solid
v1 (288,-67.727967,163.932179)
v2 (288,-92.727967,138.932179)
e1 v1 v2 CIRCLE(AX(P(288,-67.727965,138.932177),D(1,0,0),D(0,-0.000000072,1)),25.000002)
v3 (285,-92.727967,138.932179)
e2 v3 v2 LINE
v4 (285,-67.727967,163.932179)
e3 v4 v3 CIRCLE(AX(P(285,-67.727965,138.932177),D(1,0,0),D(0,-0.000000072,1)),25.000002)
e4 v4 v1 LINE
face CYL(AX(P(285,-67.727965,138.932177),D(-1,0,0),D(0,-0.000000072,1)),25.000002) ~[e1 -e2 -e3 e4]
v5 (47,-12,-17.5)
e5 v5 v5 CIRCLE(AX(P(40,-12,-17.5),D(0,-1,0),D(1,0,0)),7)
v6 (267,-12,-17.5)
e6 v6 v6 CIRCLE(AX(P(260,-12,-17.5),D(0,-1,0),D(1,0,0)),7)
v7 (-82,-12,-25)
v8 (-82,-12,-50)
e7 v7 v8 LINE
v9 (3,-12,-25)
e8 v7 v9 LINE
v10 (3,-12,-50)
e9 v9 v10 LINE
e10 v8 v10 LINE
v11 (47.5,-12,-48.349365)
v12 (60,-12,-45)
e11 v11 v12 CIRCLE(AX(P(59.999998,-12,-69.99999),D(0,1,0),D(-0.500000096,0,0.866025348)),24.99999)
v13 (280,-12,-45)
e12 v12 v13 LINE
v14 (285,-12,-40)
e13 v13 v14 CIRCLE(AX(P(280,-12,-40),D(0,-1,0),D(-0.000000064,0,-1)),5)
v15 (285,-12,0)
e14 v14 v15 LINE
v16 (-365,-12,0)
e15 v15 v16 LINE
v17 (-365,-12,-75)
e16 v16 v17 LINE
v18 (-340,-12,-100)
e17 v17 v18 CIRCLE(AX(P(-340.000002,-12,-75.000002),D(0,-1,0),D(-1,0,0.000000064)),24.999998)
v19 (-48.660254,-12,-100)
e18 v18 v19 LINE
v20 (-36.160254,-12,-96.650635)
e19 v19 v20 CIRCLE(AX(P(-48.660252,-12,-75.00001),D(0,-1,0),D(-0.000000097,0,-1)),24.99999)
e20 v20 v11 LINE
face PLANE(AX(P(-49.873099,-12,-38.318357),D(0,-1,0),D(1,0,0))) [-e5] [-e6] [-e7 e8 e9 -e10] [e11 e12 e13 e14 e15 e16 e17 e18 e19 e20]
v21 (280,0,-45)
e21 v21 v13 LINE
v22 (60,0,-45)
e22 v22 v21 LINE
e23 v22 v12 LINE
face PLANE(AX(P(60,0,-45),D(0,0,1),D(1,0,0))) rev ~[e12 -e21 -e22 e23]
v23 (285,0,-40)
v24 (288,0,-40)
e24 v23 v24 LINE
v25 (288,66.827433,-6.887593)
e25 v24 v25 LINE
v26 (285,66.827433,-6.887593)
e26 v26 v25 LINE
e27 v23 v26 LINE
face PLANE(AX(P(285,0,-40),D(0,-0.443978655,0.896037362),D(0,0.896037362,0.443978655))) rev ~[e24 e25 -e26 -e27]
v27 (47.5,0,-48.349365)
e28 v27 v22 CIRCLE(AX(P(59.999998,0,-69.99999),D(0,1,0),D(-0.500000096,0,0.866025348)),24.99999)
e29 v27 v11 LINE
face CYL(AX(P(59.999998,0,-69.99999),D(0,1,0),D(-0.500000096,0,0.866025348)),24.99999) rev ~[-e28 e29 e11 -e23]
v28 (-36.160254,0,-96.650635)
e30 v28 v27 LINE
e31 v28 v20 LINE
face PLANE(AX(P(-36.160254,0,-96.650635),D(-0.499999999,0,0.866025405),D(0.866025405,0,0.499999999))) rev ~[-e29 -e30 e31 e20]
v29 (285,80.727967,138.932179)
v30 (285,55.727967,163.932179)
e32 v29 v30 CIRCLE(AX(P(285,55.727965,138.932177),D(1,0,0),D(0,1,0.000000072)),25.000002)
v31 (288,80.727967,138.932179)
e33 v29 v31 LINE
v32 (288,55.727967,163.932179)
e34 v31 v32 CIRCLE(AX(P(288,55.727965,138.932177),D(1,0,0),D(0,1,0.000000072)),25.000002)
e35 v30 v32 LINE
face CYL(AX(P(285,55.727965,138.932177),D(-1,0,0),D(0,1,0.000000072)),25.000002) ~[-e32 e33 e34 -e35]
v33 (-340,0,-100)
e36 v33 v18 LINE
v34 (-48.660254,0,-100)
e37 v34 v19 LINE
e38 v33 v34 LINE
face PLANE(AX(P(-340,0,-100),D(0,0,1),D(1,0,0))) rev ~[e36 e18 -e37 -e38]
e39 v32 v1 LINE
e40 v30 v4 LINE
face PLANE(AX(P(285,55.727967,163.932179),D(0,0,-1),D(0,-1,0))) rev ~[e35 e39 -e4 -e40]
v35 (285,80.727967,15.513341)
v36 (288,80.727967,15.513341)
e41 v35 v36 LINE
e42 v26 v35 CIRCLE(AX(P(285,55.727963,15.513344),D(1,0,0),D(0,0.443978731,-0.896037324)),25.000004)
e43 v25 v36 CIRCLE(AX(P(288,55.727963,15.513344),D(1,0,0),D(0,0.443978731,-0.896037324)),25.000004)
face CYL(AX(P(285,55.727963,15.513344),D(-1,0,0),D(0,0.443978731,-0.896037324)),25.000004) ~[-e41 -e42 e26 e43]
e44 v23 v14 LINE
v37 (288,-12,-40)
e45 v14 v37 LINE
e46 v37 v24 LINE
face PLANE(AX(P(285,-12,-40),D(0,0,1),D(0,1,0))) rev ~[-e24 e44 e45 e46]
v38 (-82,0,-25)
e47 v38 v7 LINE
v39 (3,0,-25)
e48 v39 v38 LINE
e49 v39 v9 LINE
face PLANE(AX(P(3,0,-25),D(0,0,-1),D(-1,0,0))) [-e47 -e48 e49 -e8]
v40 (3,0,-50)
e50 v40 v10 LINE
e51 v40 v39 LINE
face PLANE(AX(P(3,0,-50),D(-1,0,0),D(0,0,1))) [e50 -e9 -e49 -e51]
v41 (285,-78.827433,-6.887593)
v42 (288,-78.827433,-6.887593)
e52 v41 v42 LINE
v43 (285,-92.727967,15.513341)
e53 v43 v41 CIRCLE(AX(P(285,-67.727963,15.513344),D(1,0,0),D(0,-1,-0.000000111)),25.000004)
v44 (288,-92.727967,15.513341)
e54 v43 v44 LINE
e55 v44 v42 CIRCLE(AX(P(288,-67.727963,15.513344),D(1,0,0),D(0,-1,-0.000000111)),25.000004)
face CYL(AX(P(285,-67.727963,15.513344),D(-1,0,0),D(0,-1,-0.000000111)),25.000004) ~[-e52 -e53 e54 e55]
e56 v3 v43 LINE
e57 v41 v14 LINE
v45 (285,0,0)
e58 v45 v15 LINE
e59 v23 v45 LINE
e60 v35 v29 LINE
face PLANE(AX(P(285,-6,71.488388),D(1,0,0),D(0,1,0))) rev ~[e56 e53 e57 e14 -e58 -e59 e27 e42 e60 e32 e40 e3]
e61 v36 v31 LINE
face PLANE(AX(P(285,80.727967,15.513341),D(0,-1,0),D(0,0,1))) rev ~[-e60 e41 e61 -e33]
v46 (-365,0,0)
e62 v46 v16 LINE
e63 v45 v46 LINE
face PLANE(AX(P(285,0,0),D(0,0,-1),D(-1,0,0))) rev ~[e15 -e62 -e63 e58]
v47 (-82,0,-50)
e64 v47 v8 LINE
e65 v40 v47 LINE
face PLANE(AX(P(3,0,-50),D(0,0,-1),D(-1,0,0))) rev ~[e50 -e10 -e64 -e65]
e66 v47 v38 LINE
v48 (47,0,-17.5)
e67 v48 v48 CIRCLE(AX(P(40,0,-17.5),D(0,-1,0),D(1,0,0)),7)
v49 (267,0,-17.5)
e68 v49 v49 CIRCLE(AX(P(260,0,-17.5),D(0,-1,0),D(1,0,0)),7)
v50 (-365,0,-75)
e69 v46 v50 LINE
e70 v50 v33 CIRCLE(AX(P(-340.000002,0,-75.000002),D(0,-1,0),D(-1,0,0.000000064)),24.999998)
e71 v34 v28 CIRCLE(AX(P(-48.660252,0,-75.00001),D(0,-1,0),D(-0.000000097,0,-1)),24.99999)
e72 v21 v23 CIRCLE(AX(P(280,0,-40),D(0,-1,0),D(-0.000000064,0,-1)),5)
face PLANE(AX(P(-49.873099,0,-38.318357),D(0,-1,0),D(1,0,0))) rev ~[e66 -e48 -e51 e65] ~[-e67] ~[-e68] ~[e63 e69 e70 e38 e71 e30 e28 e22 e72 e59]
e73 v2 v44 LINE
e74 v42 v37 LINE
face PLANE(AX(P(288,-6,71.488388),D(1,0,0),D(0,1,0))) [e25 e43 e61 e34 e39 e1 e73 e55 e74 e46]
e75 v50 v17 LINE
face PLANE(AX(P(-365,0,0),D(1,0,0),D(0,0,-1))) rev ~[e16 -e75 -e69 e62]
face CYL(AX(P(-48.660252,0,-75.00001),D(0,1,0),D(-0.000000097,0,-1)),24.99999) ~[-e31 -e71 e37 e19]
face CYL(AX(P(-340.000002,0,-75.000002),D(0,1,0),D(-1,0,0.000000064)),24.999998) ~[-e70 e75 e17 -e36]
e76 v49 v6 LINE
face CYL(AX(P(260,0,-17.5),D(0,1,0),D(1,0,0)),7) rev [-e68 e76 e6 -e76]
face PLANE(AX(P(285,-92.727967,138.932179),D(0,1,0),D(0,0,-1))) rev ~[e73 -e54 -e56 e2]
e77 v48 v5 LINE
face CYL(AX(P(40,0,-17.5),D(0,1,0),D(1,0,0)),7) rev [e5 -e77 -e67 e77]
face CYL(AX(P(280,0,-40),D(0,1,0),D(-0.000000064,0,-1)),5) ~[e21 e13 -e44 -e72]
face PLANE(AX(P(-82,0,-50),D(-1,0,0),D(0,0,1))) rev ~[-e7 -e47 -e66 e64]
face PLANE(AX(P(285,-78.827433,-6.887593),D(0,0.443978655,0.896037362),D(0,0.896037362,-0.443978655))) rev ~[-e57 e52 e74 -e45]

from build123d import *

# Parameters (mm, degrees)
F0_R     = 7
F1_DEPTH = 12
F2_W     = 85
F2_H     = 25
F3_DEPTH = 25
F5_DEPTH = 3


with BuildPart() as f1:
    # F0 (on Front) → F1 (new body)
    with BuildSketch(Plane.XZ):
        with BuildLine():
            Line((285, 0), (0, 0))
            Line((0, 0), (-365, 0))
            Line((-365, 0), (-365, -75))
            ThreePointArc((-365, -75), (-357.67767, -92.67767), (-340, -100))
            Line((-340, -100), (-48.660254, -100))
            ThreePointArc((-48.660254, -100), (-42.189778, -99.148146), (-36.160254, -96.650635))
            Line((-36.160254, -96.650635), (47.5, -48.349365))
            ThreePointArc((47.5, -48.349365), (53.529524, -45.851854), (60, -45))
            Line((60, -45), (280, -45))
            ThreePointArc((280, -45), (283.535534, -43.535534), (285, -40))
            Line((285, -40), (285, 0))
        make_face()
        with Locations((40, -17.5)):
            Circle(F0_R, mode=Mode.SUBTRACT)
        with Locations((260, -17.5)):
            Circle(F0_R, mode=Mode.SUBTRACT)
    extrude(amount=F1_DEPTH)

    # F2 (on face) → F3 (cut)
    with BuildSketch(Plane(origin=(0, 0, 0), x_dir=(-1, 0, 0), z_dir=(0, 1, 0))):
        with Locations((39.5, -37.5)):
            Rectangle(F2_W, F2_H)
    extrude(amount=-F3_DEPTH, mode=Mode.SUBTRACT)

    # F4 (on face) → F5 (join)
    with BuildSketch(Plane.YZ.offset(285)):
        with BuildLine():
            Line((-12, -40), (-6, -40))
            Line((-6, -40), (0, -40))
            Line((0, -40), (66.827433, -6.887593))
            ThreePointArc((66.827433, -6.887593), (76.970455, 2.331662), (80.727967, 15.513341))
            Line((80.727967, 15.513341), (80.727967, 138.932179))
            ThreePointArc((80.727967, 138.932179), (73.405636, 156.609848), (55.727967, 163.932179))
            Line((55.727967, 163.932179), (0, 163.932179))
            Line((0, 163.932179), (-12, 163.932179))
            Line((-12, 163.932179), (-67.727967, 163.932179))
            ThreePointArc((-67.727967, 163.932179), (-85.405636, 156.609848), (-92.727967, 138.932179))
            Line((-92.727967, 138.932179), (-92.727967, 15.513341))
            ThreePointArc((-92.727967, 15.513341), (-88.970455, 2.331662), (-78.827433, -6.887593))
            Line((-78.827433, -6.887593), (-12, -40))
        make_face()
    extrude(amount=F5_DEPTH)


solid = f1.part
